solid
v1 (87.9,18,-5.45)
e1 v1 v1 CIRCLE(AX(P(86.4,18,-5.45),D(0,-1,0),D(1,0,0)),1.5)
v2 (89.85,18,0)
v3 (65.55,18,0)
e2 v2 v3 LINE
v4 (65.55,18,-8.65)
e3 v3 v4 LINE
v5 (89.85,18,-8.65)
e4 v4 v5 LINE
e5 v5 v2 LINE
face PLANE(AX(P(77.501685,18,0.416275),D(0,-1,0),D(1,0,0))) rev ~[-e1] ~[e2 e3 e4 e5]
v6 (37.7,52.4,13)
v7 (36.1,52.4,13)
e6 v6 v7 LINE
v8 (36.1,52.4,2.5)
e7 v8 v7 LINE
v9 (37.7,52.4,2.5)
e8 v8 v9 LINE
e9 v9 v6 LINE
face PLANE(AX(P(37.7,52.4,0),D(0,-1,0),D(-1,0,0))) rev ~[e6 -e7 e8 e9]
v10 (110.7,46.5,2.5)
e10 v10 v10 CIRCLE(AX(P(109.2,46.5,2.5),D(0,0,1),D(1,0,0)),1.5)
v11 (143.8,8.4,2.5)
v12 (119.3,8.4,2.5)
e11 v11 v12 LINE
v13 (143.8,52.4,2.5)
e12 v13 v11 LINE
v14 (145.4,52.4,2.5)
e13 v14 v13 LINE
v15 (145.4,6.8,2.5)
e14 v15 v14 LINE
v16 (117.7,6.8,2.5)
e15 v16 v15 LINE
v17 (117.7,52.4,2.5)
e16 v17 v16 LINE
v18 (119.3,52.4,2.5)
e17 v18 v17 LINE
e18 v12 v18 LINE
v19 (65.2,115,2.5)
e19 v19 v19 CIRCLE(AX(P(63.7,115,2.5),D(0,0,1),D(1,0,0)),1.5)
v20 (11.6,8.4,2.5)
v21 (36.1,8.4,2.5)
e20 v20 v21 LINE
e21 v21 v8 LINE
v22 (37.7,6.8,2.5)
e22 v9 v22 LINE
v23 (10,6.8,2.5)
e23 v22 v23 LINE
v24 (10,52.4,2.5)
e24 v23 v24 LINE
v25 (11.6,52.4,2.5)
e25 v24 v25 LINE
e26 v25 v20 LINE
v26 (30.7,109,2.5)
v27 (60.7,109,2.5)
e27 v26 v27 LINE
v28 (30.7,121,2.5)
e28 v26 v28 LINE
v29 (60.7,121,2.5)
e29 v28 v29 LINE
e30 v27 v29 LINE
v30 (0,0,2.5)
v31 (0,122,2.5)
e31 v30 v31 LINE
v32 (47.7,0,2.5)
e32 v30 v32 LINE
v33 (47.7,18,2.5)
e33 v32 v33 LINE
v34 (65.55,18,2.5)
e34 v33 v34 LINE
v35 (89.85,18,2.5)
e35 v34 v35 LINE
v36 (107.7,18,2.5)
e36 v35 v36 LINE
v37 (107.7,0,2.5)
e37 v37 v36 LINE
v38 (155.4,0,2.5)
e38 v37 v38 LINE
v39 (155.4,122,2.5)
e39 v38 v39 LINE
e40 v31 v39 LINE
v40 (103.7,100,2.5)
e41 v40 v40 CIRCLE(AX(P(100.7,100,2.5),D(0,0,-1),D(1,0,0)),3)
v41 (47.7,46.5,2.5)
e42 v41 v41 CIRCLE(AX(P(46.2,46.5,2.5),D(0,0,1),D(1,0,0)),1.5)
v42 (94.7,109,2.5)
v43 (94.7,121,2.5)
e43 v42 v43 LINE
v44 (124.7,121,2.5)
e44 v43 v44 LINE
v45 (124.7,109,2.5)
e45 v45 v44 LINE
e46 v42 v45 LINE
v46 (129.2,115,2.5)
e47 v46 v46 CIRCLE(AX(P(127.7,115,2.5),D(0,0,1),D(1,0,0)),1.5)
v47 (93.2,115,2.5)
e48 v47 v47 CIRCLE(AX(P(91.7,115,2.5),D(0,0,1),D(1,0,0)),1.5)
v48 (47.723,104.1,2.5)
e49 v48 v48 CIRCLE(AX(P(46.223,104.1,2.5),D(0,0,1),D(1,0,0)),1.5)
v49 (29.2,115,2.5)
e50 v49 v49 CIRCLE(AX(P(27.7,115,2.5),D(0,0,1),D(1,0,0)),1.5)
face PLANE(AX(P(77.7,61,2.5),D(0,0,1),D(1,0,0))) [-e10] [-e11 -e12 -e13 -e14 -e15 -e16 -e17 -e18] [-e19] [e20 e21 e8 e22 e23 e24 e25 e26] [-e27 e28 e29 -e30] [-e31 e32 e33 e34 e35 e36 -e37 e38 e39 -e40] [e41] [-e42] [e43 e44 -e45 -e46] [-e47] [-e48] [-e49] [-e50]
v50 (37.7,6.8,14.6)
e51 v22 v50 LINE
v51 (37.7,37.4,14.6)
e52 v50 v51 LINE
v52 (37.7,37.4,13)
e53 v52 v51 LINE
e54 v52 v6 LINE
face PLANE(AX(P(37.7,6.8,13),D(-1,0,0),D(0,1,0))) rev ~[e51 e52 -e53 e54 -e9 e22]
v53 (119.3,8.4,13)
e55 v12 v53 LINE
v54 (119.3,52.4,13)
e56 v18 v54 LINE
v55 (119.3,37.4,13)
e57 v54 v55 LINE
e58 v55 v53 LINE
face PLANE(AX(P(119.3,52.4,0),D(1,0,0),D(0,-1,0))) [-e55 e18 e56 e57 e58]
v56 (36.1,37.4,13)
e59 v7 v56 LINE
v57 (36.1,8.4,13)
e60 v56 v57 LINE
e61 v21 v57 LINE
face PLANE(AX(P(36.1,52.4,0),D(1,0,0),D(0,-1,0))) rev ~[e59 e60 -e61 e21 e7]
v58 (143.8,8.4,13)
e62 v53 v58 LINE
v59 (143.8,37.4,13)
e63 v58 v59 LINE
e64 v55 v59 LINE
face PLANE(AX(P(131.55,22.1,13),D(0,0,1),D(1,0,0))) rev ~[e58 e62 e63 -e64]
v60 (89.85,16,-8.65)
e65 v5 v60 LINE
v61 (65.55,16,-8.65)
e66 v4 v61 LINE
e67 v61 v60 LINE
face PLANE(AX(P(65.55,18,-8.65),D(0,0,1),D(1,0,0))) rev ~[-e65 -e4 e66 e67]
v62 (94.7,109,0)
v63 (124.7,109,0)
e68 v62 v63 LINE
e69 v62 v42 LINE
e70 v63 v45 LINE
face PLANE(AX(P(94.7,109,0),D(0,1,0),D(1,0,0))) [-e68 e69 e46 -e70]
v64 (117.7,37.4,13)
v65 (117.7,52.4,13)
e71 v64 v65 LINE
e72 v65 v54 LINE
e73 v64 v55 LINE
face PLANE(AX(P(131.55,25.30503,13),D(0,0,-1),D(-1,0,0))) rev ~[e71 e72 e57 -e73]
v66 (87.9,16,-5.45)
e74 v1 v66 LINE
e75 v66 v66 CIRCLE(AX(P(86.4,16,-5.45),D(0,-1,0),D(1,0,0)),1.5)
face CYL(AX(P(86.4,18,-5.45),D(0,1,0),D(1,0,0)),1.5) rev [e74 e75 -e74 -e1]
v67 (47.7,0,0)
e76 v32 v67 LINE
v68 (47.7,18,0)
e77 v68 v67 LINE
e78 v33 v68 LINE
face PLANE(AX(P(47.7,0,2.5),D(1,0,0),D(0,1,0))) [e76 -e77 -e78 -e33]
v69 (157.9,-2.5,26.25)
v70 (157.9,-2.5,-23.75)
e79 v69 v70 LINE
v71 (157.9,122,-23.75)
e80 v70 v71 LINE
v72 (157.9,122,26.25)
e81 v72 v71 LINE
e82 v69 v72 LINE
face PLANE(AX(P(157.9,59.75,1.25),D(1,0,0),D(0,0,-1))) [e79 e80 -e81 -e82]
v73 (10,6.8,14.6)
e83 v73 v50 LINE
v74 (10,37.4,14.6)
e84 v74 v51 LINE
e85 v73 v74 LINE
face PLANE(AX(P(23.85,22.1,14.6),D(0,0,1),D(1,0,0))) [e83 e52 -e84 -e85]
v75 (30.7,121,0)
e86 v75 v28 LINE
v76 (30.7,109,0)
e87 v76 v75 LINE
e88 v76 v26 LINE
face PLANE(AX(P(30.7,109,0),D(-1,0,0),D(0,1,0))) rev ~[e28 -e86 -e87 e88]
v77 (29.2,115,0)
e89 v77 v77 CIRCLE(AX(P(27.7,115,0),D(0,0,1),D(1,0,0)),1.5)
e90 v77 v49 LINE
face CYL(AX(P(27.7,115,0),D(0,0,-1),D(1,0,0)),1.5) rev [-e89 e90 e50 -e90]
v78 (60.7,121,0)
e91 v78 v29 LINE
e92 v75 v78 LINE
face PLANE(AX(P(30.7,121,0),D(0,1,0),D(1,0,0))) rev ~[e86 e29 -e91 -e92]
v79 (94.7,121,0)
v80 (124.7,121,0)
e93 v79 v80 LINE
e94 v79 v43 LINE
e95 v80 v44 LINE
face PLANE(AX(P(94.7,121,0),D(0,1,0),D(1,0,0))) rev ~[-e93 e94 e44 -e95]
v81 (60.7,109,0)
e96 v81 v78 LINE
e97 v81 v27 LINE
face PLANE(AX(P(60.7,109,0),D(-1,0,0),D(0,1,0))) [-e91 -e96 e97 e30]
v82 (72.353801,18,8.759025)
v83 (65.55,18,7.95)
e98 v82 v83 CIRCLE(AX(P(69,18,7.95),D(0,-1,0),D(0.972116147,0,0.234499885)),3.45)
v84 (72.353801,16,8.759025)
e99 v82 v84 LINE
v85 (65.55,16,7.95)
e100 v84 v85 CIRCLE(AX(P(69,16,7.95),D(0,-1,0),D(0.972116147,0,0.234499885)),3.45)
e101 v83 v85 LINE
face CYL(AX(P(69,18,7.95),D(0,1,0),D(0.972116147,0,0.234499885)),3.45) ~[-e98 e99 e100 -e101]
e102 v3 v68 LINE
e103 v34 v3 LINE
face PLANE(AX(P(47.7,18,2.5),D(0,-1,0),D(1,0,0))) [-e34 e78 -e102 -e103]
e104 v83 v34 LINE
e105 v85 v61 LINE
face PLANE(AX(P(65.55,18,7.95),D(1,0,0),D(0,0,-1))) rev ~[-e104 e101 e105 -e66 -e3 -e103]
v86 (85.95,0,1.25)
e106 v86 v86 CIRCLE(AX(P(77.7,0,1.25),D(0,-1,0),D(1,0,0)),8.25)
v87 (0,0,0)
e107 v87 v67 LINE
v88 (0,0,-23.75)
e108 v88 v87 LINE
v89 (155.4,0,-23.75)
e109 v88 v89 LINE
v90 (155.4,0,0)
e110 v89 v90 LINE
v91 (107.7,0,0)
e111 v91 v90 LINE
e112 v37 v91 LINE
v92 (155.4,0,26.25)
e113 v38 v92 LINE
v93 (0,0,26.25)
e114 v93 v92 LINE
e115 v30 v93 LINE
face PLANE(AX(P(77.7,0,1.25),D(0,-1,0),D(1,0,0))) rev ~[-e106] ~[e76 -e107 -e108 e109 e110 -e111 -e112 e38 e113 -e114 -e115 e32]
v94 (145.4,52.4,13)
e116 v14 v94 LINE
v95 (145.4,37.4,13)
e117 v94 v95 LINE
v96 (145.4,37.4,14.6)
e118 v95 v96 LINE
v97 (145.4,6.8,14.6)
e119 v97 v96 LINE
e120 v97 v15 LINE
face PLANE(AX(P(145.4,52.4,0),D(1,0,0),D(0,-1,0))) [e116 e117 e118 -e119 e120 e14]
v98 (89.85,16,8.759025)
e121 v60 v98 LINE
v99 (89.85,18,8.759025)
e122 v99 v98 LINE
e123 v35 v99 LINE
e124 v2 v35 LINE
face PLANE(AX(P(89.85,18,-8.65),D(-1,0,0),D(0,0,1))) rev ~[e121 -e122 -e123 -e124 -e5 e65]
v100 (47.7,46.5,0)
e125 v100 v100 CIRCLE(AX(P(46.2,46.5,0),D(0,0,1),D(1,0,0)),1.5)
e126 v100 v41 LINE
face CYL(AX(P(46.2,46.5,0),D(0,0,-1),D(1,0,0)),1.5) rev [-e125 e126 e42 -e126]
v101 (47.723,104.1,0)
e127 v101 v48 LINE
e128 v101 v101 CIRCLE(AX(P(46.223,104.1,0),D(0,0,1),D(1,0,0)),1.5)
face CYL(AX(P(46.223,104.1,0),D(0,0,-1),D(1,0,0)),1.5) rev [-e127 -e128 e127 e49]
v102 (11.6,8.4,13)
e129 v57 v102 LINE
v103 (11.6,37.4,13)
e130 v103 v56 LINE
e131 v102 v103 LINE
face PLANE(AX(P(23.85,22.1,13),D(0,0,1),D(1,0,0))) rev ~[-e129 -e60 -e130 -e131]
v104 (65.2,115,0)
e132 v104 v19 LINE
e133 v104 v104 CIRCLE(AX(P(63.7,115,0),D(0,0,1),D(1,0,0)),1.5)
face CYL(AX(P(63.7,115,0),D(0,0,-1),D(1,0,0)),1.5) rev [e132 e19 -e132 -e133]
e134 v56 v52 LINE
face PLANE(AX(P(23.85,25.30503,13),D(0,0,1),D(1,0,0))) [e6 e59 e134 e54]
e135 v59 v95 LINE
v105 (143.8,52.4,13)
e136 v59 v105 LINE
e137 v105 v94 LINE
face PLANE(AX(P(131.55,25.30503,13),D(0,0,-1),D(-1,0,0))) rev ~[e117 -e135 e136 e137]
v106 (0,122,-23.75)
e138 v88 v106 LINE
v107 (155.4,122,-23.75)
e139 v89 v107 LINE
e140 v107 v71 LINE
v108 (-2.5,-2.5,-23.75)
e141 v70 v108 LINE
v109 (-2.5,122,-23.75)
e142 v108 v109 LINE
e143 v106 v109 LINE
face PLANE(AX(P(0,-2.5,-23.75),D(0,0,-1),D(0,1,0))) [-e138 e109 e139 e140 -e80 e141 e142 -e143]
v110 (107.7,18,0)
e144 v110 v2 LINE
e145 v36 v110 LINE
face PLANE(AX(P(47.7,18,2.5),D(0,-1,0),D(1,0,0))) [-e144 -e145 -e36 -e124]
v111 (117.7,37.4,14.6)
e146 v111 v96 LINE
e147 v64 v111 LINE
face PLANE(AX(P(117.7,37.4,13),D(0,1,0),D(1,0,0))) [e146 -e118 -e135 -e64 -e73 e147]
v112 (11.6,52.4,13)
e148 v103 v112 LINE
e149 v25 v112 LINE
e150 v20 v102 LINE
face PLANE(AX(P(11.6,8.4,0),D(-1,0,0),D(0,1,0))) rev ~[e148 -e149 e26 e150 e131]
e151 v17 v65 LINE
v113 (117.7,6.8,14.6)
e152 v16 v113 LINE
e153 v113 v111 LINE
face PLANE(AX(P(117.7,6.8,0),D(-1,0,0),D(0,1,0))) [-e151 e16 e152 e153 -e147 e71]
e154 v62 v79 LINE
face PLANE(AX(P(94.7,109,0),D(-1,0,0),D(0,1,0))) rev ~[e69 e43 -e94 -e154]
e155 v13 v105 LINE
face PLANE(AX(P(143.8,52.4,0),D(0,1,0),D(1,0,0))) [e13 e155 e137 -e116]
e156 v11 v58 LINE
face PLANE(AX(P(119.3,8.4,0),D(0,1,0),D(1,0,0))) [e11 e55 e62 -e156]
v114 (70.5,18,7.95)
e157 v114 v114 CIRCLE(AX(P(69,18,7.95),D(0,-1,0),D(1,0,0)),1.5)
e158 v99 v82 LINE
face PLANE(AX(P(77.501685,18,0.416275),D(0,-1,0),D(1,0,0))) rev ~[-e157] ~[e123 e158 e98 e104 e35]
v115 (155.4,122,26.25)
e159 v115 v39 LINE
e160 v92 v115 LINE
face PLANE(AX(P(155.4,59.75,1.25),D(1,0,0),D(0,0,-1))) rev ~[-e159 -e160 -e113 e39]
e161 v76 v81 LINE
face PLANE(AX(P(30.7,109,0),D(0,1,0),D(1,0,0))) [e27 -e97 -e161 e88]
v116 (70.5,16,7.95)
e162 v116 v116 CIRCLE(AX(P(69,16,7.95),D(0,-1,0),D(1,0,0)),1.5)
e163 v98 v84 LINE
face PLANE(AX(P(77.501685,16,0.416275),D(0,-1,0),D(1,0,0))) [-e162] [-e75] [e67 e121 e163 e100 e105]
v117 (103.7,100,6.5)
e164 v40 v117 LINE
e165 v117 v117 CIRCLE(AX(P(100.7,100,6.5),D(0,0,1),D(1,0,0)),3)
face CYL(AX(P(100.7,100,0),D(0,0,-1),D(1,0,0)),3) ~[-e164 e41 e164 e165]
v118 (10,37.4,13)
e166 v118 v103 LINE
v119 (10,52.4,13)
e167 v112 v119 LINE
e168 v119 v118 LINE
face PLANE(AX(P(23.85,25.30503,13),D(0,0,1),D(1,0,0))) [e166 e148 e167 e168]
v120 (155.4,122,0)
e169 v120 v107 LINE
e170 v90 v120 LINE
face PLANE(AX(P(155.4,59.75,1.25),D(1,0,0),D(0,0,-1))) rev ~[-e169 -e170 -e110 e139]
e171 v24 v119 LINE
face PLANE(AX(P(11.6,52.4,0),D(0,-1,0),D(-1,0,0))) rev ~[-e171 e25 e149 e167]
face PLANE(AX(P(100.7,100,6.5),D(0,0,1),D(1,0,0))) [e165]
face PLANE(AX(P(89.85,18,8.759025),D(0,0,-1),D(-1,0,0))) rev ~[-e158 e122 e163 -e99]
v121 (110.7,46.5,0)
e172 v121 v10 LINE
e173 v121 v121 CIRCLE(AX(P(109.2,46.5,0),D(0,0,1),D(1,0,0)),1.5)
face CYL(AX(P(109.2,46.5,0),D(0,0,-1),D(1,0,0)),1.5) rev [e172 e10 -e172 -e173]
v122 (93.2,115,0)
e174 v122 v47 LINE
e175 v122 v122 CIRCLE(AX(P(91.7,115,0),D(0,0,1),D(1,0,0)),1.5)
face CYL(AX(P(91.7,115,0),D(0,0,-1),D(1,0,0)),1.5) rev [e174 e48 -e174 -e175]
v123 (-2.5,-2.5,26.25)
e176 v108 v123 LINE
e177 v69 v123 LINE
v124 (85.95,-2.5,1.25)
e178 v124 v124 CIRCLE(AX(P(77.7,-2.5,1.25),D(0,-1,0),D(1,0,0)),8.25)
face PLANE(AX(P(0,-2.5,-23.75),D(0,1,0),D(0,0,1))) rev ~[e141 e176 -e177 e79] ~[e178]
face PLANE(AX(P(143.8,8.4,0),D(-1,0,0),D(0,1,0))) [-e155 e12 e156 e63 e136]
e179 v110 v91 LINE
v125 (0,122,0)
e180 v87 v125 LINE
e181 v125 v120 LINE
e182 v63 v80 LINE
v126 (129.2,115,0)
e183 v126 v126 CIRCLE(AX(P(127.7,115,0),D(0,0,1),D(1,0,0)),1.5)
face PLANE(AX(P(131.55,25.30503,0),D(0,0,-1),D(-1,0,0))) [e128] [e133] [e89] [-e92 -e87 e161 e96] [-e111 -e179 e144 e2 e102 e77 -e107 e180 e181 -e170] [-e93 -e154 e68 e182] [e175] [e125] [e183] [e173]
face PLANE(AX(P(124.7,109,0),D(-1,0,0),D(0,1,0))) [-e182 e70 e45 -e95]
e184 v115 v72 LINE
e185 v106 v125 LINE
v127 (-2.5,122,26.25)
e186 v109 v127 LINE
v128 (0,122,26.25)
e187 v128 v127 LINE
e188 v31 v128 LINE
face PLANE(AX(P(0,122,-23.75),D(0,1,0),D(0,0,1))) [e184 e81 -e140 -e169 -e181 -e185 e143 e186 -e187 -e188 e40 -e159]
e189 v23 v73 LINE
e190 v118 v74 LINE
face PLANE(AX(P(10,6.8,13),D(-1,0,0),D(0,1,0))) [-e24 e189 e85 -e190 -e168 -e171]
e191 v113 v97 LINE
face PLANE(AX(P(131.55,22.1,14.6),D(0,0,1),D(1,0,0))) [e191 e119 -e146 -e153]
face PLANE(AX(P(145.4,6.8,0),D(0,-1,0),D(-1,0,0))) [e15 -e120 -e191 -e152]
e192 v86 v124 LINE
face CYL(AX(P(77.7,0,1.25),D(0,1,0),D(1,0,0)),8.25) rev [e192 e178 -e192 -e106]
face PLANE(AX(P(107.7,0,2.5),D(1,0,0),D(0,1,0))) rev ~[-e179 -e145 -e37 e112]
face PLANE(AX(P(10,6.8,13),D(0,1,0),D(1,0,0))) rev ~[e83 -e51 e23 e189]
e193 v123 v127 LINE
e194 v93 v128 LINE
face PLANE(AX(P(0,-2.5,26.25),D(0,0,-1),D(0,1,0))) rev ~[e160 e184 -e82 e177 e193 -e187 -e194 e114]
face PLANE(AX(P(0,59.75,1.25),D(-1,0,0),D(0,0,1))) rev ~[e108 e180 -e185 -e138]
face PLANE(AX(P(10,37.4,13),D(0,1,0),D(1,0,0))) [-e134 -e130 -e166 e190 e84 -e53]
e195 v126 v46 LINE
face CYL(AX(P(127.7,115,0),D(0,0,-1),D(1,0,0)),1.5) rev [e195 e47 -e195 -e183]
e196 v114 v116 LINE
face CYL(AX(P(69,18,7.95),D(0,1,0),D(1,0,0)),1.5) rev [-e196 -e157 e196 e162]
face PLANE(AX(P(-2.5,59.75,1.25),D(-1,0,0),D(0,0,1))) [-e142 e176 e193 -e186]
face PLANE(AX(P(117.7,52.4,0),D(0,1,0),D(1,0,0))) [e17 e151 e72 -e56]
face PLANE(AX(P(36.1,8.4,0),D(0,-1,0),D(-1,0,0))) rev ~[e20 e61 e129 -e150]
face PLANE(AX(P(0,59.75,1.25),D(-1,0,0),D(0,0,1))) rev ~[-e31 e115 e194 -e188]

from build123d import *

# Parameters (mm, degrees)
SKETCH1_W           = 155.4
SKETCH1_H           = 122
SKETCH1_R           = 1.5
SKETCH1_W_2         = 30
SKETCH1_H_2         = 12
BOSS_EXTRUDE1_DEPTH = 2.5
SKETCH1_5_R         = 3
BOSS_EXTRUDE2_DEPTH = 6.5
BOSS_EXTRUDE3_DEPTH = 13
SKETCH2_W           = 27.7
SKETCH2_H           = 30.6
BOSS_EXTRUDE4_DEPTH = 1.6
SKETCH3_W           = 155.4
SKETCH3_H           = 50
SKETCH3_R           = 8.25
BOSS_EXTRUDE5_DEPTH = 2.5
SKETCH4_W           = 60
SKETCH4_H           = 18
CUT_EXTRUDE1_DEPTH  = 10
SKETCH6_R           = 1.5
BOSS_EXTRUDE6_DEPTH = 2
SKETCH7_W           = 50
SKETCH7_H           = 124.5
BOSS_EXTRUDE7_DEPTH = 2.5
SKETCH8_W           = 50
SKETCH8_H           = 124.5
BOSS_EXTRUDE8_DEPTH = 2.5


with BuildPart() as part:
    # Sketch1 → Boss-Extrude1 (new body)
    with BuildSketch(Plane.XY):
        with Locations((77.7, 61)):
            Rectangle(SKETCH1_W, SKETCH1_H)
        with Locations((46.2, 46.5)):
            Circle(SKETCH1_R, mode=Mode.SUBTRACT)
        with Locations((109.2, 46.5)):
            Circle(SKETCH1_R, mode=Mode.SUBTRACT)
        with Locations((27.7, 115)):
            Circle(SKETCH1_R, mode=Mode.SUBTRACT)
        with Locations((46.223, 104.1)):
            Circle(SKETCH1_R, mode=Mode.SUBTRACT)
        with Locations((45.7, 115)):
            Rectangle(SKETCH1_W_2, SKETCH1_H_2, mode=Mode.SUBTRACT)
        with Locations((63.7, 115)):
            Circle(SKETCH1_R, mode=Mode.SUBTRACT)
        with Locations((91.7, 115)):
            Circle(SKETCH1_R, mode=Mode.SUBTRACT)
        with Locations((109.7, 115)):
            Rectangle(SKETCH1_W_2, SKETCH1_H_2, mode=Mode.SUBTRACT)
        with Locations((127.7, 115)):
            Circle(SKETCH1_R, mode=Mode.SUBTRACT)
    extrude(amount=BOSS_EXTRUDE1_DEPTH)

    # Sketch1<5> → Boss-Extrude2 (add)
    with BuildSketch(Plane.XY):
        with Locations((100.7, 100)):
            Circle(SKETCH1_5_R)
    extrude(amount=BOSS_EXTRUDE2_DEPTH)

    # Sketch1<6> → Boss-Extrude3 (add)
    with BuildSketch(Plane.XY):
        Polygon((145.4, 6.8), (145.4, 52.4), (143.8, 52.4), (143.8, 8.4), (119.3, 8.4), (119.3, 52.4), (117.7, 52.4), (117.7, 6.8), align=None)
        Polygon((10, 52.4), (10, 6.8), (37.7, 6.8), (37.7, 52.4), (36.1, 52.4), (36.1, 8.4), (11.6, 8.4), (11.6, 52.4), align=None)
    extrude(amount=BOSS_EXTRUDE3_DEPTH)

    # Sketch2 → Boss-Extrude4 (add)
    with BuildSketch(Plane.XY.offset(13)):
        with Locations((23.85, 22.1)):
            Rectangle(SKETCH2_W, SKETCH2_H)
        with Locations((131.55, 22.1)):
            Rectangle(SKETCH2_W, SKETCH2_H)
    extrude(amount=BOSS_EXTRUDE4_DEPTH)

    # Sketch3 → Boss-Extrude5 (add)
    with BuildSketch(Plane.XZ):
        with Locations((77.7, 1.25)):
            Rectangle(SKETCH3_W, SKETCH3_H)
        with Locations((77.7, 1.25)):
            Circle(SKETCH3_R, mode=Mode.SUBTRACT)
    extrude(amount=BOSS_EXTRUDE5_DEPTH)

    # Sketch4 → Cut-Extrude1 (cut)
    with BuildSketch(Plane.XY.offset(2.5)):
        with Locations((77.7, 9)):
            Rectangle(SKETCH4_W, SKETCH4_H)
    extrude(amount=-CUT_EXTRUDE1_DEPTH, mode=Mode.SUBTRACT)

    # Sketch6 → Boss-Extrude6 (add)
    with BuildSketch(Plane.XZ.offset(-18)):
        with BuildLine():
            Line((89.85, 8.759024603), (72.353800708, 8.759024603))
            ThreePointArc((72.353800708, 8.759024603), (68.592638026, 11.375865762), (65.55, 7.95))
            Line((65.55, 7.95), (65.55, -8.65))
            Line((65.55, -8.65), (89.85, -8.65))
            Line((89.85, -8.65), (89.85, 8.759024603))
        make_face()
        with Locations((69, 7.95)):
            Circle(SKETCH6_R, mode=Mode.SUBTRACT)
        with Locations((86.4, -5.45)):
            Circle(SKETCH6_R, mode=Mode.SUBTRACT)
    extrude(amount=BOSS_EXTRUDE6_DEPTH)

    # Sketch7 → Boss-Extrude7 (add)
    with BuildSketch(Plane(origin=(155.4, 0, 0), x_dir=(0, 0, -1), z_dir=(1, 0, 0))):
        with Locations((-1.25, 59.75)):
            Rectangle(SKETCH7_W, SKETCH7_H)
    extrude(amount=BOSS_EXTRUDE7_DEPTH)

    # Sketch8 → Boss-Extrude8 (add)
    with BuildSketch(Plane.ZY):
        with Locations((1.25, 59.75)):
            Rectangle(SKETCH8_W, SKETCH8_H)
    extrude(amount=BOSS_EXTRUDE8_DEPTH)


solid = part.part
